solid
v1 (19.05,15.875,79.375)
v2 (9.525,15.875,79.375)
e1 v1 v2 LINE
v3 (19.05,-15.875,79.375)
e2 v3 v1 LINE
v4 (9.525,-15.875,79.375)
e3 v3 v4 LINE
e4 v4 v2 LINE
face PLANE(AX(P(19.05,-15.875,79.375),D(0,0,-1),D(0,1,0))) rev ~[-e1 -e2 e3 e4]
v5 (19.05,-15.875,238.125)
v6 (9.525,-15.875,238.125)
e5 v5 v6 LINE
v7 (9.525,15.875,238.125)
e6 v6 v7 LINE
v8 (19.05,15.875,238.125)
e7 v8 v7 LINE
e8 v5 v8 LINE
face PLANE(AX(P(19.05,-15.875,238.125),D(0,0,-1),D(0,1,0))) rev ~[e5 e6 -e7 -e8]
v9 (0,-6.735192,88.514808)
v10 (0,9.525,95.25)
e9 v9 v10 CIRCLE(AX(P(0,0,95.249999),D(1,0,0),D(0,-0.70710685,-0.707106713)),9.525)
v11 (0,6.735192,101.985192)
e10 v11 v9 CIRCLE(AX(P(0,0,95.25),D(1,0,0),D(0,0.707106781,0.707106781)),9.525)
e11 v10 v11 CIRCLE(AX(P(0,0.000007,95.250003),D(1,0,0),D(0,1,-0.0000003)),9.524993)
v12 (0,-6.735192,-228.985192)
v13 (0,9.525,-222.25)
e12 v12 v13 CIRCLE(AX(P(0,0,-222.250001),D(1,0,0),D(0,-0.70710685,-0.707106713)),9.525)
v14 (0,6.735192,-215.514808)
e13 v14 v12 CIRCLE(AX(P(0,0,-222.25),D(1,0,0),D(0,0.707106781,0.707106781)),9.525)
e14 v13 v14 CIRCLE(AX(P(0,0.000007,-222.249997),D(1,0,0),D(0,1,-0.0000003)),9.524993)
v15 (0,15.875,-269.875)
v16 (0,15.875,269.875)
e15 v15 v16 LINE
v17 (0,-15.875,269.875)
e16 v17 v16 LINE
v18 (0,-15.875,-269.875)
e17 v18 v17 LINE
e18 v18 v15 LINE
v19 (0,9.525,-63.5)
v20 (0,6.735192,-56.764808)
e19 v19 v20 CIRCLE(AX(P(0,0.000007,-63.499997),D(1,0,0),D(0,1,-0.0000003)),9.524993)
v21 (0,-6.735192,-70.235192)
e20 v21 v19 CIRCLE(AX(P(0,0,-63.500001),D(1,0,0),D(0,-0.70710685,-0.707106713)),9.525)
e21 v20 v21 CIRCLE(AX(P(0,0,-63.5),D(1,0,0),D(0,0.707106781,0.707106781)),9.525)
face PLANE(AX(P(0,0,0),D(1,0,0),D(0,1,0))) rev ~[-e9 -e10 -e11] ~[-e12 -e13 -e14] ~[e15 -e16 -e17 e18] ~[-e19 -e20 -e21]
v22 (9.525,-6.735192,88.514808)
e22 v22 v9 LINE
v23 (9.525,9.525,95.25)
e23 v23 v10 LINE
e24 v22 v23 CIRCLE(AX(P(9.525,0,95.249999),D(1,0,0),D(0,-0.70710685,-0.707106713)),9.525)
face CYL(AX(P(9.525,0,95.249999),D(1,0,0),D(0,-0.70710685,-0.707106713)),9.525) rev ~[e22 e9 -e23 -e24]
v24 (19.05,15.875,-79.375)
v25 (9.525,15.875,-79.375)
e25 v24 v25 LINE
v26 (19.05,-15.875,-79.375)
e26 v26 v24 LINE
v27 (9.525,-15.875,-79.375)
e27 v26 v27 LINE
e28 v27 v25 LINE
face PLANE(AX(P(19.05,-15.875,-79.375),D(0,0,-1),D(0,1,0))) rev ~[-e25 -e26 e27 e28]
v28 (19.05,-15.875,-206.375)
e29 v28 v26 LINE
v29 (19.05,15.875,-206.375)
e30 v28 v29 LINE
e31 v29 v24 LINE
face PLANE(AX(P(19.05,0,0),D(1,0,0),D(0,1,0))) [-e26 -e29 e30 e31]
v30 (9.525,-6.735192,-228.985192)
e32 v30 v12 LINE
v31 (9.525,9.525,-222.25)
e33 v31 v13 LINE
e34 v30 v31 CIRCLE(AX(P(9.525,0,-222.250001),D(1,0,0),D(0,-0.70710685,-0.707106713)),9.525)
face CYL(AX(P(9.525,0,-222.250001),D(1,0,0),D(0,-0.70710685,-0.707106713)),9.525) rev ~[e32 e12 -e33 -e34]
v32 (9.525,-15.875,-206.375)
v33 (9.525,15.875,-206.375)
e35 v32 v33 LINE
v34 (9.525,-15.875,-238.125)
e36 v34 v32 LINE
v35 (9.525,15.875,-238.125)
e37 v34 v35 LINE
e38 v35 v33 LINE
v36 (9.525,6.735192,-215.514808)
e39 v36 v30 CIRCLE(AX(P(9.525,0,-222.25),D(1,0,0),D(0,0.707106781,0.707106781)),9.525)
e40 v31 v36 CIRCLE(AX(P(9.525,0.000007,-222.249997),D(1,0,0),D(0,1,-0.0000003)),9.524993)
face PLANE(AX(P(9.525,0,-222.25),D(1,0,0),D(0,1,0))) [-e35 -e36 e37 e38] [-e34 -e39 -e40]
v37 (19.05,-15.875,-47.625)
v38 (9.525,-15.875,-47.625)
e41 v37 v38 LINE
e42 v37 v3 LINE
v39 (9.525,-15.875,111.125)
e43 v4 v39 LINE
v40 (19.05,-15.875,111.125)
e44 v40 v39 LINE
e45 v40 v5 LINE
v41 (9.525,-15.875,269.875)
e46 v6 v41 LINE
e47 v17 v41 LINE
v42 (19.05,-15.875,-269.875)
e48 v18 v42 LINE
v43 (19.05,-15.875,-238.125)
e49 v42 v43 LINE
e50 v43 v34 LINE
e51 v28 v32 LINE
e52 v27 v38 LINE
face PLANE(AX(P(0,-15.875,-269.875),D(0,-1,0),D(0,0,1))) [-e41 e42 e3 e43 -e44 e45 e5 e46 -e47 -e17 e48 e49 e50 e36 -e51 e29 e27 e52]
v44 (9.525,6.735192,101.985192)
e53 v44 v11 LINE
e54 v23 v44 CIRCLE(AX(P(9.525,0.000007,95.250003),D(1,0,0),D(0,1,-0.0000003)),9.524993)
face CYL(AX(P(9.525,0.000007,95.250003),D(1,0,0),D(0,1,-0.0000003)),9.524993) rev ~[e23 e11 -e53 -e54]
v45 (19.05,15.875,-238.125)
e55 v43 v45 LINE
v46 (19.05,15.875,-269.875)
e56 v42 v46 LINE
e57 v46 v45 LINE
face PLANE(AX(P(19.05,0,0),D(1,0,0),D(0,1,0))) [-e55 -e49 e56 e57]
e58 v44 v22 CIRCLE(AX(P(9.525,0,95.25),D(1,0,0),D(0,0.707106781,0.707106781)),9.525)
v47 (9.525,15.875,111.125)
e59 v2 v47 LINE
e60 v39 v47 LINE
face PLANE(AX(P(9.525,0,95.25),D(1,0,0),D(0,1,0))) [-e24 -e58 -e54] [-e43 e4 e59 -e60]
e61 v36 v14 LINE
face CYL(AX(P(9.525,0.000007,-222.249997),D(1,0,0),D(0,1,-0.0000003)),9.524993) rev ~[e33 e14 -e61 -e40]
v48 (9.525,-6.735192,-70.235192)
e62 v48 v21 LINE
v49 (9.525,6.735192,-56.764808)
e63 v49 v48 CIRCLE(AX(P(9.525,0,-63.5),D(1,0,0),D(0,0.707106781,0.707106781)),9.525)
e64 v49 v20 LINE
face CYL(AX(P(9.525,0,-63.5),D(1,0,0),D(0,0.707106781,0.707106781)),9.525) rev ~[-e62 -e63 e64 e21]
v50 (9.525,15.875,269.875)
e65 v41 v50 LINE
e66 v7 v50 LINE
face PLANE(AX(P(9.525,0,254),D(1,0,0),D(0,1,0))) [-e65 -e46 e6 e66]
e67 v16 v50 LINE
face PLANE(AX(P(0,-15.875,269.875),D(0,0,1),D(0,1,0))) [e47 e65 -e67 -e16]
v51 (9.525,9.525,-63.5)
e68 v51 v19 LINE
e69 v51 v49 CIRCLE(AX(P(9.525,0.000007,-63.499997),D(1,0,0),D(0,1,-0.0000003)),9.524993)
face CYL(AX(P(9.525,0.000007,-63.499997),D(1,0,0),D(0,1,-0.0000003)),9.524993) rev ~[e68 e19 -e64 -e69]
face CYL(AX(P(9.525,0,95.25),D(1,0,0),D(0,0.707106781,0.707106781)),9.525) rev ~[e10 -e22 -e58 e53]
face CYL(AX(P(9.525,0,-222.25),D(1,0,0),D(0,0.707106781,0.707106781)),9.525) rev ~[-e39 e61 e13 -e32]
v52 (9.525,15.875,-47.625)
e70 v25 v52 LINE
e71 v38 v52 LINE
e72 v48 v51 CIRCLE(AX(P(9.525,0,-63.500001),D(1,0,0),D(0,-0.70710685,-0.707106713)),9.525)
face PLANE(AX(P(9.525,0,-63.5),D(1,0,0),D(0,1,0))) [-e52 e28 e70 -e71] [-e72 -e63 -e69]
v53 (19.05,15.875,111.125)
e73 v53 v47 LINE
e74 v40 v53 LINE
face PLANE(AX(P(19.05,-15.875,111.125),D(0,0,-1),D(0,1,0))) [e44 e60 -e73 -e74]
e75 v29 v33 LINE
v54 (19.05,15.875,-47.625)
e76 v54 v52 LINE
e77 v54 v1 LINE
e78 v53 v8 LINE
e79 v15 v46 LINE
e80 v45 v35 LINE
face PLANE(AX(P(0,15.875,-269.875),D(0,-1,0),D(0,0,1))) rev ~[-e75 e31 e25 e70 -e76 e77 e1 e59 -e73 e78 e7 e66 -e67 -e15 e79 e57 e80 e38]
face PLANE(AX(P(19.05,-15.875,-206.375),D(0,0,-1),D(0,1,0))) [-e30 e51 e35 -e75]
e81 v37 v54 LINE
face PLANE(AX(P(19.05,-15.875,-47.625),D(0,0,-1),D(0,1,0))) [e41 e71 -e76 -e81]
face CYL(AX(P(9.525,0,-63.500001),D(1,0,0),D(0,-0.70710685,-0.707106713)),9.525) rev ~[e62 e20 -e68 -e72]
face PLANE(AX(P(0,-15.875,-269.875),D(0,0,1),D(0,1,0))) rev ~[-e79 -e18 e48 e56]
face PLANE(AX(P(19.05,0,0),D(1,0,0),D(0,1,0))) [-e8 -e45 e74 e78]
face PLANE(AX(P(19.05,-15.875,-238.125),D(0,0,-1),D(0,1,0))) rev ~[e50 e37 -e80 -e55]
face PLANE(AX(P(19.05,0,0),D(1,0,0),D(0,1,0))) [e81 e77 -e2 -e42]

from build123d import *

# Parameters (mm, degrees)
F0_W     = 31.75
F0_H     = 539.75
F1_DEPTH = 19.05
F2_W     = 31.75
F2_H     = 31.75
F3_DEPTH = 9.525
F5_DEPTH = 25.4
F7_DEPTH = 25.4
F9_DEPTH = 25.4


with BuildPart() as f1:
    # F0 (on Right) → F1 (new body)
    with BuildSketch(Plane.YZ):
        Rectangle(F0_W, F0_H)
    extrude(amount=F1_DEPTH)

    # F2 (on face) → F3 (cut)
    with BuildSketch(Plane.YZ.offset(19.05)):
        with Locations((0, 254)):
            Rectangle(F2_W, F2_H)
        with Locations((0, -222.25)):
            Rectangle(F2_W, F2_H)
        with Locations((0, 95.25)):
            Rectangle(F2_W, F2_H)
        with Locations((0, -63.5)):
            Rectangle(F2_W, F2_H)
    extrude(amount=-F3_DEPTH, mode=Mode.SUBTRACT)

    # F4 (on face) → F5 (cut)
    with BuildSketch(Plane.YZ.offset(9.525)):
        with BuildLine():
            ThreePointArc((6.735192, 101.985192), (-6.735192, 101.985192), (-6.735192, 88.514808))
            Line((-6.735192, 88.514808), (6.735192, 101.985192))
        make_face()
        with BuildLine():
            Line((6.735192, 101.985192), (-6.735192, 88.514808))
            ThreePointArc((-6.735192, 88.514808), (3.64506, 86.450047), (9.525, 95.25))
            ThreePointArc((9.525, 95.25), (8.799953, 98.89506), (6.735192, 101.985192))
        make_face()
    extrude(amount=-F5_DEPTH, mode=Mode.SUBTRACT)

    # F6 (on face) → F7 (cut)
    with BuildSketch(Plane.YZ.offset(9.525)):
        with BuildLine():
            ThreePointArc((6.735192, -56.764808), (-6.735192, -56.764808), (-6.735192, -70.235192))
            Line((-6.735192, -70.235192), (6.735192, -56.764808))
        make_face()
        with BuildLine():
            Line((6.735192, -56.764808), (-6.735192, -70.235192))
            ThreePointArc((-6.735192, -70.235192), (3.64506, -72.299953), (9.525, -63.5))
            ThreePointArc((9.525, -63.5), (8.799953, -59.85494), (6.735192, -56.764808))
        make_face()
    extrude(amount=-F7_DEPTH, mode=Mode.SUBTRACT)

    # F8 (on face) → F9 (cut)
    with BuildSketch(Plane.YZ.offset(9.525)):
        with BuildLine():
            ThreePointArc((6.735192, -215.514808), (-6.735192, -215.514808), (-6.735192, -228.985192))
            Line((-6.735192, -228.985192), (6.735192, -215.514808))
        make_face()
        with BuildLine():
            Line((6.735192, -215.514808), (-6.735192, -228.985192))
            ThreePointArc((-6.735192, -228.985192), (3.64506, -231.049953), (9.525, -222.25))
            ThreePointArc((9.525, -222.25), (8.799953, -218.60494), (6.735192, -215.514808))
        make_face()
    extrude(amount=-F9_DEPTH, mode=Mode.SUBTRACT)


solid = f1.part
